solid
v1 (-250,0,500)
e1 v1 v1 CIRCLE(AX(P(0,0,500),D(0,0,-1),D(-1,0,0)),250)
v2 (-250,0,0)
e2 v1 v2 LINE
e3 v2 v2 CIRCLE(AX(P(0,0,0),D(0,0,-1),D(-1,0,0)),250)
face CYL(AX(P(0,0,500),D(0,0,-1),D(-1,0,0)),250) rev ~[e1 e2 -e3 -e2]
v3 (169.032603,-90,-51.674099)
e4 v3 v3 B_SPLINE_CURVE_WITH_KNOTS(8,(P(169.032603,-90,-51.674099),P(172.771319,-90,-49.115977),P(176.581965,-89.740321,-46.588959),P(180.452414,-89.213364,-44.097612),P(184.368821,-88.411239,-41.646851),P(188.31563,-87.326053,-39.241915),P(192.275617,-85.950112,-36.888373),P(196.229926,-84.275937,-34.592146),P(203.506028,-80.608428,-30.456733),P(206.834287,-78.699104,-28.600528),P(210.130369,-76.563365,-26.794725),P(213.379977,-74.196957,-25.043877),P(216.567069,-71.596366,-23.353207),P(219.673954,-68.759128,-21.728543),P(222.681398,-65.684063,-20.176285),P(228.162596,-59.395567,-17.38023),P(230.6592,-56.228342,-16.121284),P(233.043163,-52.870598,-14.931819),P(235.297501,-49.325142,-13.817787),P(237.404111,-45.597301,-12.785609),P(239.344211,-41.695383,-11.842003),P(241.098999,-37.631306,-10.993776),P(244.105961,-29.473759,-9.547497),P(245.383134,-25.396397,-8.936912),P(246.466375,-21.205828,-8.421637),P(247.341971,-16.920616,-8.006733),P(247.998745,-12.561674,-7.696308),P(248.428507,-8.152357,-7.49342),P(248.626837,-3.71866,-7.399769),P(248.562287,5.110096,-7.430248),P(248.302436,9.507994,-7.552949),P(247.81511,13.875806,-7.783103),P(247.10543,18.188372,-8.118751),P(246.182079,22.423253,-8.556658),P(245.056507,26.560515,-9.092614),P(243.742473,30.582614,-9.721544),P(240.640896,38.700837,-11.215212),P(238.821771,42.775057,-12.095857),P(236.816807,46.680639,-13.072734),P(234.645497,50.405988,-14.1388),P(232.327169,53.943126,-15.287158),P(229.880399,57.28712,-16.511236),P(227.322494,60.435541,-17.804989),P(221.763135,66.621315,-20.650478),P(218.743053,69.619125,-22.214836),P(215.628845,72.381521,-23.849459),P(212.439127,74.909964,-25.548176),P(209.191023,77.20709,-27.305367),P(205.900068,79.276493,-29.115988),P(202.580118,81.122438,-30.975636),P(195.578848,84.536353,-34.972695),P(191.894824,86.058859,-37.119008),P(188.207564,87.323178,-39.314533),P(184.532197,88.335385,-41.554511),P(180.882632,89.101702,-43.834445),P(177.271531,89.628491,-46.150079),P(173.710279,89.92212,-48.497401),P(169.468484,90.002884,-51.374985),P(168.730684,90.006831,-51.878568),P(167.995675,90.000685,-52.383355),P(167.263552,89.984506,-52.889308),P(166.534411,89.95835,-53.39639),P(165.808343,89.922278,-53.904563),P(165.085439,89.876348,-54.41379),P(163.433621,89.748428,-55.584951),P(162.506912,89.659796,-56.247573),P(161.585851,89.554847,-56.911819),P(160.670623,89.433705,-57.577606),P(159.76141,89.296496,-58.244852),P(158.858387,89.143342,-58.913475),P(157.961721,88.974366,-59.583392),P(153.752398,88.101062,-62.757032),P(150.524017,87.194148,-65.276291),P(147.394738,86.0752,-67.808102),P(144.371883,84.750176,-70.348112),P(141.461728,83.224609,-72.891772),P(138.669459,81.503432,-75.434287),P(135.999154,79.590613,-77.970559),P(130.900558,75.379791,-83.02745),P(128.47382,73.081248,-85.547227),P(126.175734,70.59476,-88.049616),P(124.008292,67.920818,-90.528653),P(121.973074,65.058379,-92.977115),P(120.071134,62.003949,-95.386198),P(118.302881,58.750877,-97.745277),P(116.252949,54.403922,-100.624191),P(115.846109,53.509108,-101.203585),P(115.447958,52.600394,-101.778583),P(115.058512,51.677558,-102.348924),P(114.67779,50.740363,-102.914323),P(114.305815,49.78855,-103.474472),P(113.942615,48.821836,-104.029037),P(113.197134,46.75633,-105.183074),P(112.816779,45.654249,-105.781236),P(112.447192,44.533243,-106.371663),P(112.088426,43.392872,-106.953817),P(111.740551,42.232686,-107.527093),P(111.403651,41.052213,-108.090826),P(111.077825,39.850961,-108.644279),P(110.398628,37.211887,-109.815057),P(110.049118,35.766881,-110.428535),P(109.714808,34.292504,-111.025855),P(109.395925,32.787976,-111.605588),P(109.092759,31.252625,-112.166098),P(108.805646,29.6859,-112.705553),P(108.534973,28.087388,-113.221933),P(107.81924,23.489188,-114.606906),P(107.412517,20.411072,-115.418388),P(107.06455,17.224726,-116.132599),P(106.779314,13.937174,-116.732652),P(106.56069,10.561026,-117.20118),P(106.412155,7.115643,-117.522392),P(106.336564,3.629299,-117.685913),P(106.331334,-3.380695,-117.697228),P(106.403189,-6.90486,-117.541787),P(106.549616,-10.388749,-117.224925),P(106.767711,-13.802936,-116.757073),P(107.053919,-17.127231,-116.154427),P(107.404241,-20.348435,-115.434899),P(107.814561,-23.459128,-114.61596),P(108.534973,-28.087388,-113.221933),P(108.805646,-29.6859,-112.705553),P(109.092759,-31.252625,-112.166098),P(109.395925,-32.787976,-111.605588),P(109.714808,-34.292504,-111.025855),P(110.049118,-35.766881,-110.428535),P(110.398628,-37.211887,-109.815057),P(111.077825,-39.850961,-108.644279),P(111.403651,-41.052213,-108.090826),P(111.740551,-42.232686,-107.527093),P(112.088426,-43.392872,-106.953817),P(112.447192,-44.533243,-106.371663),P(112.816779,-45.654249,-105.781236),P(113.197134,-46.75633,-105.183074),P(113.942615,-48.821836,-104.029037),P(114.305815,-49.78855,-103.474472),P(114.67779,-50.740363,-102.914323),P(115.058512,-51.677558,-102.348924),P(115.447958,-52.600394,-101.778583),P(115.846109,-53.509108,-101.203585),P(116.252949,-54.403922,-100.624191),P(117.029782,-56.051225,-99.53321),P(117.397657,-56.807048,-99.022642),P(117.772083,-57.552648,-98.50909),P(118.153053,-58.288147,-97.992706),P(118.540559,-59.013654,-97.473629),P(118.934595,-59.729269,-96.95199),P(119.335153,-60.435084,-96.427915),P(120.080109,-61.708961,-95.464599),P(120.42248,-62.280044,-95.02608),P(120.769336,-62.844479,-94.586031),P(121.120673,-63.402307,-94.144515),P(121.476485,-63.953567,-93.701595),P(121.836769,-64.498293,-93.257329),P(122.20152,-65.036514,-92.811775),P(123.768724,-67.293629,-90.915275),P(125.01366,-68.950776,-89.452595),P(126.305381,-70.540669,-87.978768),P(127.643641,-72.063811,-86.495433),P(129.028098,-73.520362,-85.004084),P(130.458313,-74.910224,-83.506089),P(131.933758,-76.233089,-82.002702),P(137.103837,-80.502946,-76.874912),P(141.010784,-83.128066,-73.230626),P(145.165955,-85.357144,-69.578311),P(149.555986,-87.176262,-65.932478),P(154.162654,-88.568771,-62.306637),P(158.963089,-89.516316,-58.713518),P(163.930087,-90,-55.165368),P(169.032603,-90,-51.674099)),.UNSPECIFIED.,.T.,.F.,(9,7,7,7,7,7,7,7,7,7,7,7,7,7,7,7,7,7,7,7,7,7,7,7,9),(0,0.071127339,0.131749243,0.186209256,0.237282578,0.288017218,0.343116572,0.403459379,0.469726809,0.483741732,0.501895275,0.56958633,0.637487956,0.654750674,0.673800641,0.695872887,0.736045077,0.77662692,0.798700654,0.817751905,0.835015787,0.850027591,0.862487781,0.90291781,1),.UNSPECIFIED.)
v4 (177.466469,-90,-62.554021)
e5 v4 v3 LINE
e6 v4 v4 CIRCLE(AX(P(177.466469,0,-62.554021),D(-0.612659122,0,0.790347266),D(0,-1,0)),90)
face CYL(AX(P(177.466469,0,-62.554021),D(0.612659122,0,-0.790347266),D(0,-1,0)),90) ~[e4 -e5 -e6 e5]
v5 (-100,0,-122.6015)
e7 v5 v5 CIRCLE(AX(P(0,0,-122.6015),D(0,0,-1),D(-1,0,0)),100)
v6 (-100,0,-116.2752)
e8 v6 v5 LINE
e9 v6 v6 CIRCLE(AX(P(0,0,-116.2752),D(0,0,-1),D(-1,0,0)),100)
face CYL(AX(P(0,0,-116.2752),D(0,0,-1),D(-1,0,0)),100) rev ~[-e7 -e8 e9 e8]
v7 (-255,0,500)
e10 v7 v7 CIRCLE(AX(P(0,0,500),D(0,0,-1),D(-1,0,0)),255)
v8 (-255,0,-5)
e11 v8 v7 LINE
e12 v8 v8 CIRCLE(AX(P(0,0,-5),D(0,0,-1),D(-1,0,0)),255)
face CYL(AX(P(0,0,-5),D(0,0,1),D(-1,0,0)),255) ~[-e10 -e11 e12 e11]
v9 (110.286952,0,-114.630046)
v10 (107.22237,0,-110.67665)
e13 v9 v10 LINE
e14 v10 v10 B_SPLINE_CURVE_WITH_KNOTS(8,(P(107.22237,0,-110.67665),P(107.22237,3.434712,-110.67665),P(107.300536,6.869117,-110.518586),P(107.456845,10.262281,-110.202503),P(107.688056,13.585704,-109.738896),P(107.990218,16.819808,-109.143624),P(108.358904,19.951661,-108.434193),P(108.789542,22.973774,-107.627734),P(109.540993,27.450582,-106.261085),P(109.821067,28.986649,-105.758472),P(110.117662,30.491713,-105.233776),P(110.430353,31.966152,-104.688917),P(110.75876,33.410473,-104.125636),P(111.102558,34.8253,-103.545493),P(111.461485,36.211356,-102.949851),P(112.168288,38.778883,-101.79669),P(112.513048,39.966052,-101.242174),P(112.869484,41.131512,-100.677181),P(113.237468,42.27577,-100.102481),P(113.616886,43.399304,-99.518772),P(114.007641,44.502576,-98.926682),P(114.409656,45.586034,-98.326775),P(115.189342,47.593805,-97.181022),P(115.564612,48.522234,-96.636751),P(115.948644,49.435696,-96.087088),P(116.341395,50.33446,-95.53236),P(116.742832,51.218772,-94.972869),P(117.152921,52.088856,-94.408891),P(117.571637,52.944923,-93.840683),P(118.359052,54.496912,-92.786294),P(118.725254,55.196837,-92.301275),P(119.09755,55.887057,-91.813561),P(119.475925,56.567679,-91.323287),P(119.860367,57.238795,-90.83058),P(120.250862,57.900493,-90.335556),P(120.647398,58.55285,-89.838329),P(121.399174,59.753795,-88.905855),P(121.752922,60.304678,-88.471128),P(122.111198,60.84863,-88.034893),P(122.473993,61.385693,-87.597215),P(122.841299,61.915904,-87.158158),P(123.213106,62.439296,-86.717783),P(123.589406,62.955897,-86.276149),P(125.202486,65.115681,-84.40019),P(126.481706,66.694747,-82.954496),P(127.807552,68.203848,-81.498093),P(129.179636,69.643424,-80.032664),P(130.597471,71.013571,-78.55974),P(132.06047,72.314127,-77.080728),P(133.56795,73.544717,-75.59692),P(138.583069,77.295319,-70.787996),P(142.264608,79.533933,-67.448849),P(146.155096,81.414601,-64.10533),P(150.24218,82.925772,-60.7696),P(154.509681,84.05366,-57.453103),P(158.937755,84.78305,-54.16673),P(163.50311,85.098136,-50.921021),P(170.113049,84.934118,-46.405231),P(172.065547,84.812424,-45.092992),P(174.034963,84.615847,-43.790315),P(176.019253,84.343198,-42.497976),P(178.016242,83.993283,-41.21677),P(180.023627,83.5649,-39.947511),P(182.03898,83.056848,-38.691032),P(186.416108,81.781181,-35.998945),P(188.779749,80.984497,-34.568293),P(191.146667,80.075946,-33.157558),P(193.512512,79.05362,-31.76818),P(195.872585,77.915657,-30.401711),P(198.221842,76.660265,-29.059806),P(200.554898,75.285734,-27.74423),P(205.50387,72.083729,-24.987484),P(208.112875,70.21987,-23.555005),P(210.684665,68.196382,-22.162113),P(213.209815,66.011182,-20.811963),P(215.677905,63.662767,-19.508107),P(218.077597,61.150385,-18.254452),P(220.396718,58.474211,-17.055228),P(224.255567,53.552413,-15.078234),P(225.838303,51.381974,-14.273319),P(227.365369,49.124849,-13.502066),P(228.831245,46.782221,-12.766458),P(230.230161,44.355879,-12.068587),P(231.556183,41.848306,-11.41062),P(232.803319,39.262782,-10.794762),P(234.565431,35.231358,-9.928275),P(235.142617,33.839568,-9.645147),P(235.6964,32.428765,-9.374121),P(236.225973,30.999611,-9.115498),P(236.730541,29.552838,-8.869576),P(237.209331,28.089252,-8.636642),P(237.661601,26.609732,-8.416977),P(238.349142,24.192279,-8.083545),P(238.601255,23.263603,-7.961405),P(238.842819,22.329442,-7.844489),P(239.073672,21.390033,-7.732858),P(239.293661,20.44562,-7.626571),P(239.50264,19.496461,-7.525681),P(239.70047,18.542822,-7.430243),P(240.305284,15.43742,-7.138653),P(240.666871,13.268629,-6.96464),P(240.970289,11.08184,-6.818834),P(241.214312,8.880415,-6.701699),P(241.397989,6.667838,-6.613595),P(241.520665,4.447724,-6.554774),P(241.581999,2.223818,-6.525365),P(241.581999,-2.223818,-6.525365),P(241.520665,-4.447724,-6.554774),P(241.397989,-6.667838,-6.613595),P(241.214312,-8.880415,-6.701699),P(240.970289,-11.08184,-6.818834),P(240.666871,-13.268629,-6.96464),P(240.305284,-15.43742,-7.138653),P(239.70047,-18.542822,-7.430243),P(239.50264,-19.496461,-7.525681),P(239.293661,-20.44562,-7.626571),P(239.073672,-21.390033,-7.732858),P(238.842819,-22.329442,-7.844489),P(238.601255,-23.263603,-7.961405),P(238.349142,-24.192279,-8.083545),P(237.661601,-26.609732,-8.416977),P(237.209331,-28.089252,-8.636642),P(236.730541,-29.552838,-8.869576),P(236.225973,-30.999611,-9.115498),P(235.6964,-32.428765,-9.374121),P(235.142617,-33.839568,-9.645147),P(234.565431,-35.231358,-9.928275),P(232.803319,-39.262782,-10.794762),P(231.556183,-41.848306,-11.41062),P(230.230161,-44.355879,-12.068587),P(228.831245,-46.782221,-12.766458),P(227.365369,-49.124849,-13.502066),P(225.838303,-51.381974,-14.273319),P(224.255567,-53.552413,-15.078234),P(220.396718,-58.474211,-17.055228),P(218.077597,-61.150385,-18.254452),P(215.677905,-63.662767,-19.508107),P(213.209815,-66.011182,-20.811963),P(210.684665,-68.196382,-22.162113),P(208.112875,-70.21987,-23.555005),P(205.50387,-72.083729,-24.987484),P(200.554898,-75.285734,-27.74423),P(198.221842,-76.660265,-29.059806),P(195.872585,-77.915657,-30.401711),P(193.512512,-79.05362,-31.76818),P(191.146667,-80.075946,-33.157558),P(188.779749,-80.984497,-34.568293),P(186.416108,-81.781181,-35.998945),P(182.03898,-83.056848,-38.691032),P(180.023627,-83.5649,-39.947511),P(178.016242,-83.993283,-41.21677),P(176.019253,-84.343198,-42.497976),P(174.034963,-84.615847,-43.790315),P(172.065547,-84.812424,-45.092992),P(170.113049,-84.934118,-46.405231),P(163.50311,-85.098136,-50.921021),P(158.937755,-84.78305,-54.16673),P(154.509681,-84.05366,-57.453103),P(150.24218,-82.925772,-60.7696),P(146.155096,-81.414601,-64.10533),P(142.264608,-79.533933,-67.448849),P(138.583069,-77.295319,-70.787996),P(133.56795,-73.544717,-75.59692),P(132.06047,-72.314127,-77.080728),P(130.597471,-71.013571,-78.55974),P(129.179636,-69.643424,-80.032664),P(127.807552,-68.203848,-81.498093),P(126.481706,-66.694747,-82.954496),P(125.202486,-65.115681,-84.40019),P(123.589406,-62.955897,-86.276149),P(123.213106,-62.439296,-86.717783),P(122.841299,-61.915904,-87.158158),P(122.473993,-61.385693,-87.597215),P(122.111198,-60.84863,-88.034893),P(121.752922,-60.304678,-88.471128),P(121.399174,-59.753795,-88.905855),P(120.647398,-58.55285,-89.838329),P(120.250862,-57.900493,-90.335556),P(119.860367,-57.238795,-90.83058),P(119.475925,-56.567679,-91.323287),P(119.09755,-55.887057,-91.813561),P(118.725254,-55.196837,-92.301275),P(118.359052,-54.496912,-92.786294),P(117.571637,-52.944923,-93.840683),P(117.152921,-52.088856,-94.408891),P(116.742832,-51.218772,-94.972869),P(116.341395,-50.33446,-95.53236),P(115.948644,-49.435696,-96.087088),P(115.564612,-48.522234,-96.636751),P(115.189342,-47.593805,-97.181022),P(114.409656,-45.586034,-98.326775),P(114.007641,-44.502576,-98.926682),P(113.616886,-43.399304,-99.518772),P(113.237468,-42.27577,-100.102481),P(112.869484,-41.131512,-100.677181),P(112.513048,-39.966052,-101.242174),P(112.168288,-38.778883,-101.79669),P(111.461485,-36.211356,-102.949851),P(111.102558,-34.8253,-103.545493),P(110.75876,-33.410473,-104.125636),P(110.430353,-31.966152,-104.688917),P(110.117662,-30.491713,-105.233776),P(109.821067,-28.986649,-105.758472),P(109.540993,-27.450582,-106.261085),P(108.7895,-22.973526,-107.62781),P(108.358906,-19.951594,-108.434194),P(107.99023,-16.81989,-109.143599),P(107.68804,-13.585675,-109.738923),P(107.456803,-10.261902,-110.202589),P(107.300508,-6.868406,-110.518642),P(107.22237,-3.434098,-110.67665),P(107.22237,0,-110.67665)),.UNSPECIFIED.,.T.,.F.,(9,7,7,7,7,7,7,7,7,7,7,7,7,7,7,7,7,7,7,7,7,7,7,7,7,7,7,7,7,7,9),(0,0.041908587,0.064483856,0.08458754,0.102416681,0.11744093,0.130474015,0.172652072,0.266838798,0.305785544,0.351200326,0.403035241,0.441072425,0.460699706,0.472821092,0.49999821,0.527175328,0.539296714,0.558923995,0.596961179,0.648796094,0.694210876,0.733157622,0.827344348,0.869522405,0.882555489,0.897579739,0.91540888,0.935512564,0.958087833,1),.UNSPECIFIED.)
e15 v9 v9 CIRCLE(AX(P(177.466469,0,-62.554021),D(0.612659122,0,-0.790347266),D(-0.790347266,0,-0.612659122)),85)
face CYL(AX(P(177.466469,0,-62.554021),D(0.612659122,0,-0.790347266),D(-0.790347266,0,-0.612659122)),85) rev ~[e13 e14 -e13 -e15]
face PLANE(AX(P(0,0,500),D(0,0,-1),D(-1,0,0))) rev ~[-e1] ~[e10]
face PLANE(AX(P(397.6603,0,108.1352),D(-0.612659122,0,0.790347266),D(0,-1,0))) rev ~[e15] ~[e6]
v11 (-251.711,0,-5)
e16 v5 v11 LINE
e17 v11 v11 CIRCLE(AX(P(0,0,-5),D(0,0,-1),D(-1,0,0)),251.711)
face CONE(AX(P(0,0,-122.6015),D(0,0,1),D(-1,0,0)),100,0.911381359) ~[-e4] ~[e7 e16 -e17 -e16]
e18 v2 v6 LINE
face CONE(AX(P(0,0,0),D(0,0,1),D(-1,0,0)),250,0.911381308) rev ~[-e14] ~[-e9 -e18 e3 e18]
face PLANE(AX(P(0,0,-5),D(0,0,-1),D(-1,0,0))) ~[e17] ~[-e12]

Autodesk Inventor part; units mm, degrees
ref_plane "YZ Plane" through (0, 0, 0) normal (1, 0, 0) x (0, 1, 0)
ref_plane "XZ Plane" through (0, 0, 0) normal (0, 1, 0) x (-1, 0, 0)
ref_plane "XY Plane" through (0, 0, 0) normal (0, 0, 1) x (1, 0, 0)
sketch "Skizze1" plane through (0, 0, 0) normal (0, 1, 0) x (-1, 0, 0)
  line L0 (0, 82.3152) -> (0, -45.1122)
  line L1 (250, 500) -> (250, 0)
  line L2 (250, 0) -> (250, 0)
  line L3 (250, 0) -> (100, -116.2752)
  line L4 (100, -116.2752) -> (100, -122.6015)
  line L5 (100, -122.6015) -> (251.711, -5)
  line L6 (251.711, -5) -> (255, -5)
  line L7 (255, -5) -> (255, 500)
  line L8 (255, 500) -> (250, 500)
  line L9 (306, 0) -> (-51, 0) projected
  point P0 (0, 0)
  dimension "d0" = 5
  dimension "d1" = 5
  dimension "d2" = 5
  dimension "d3" = 500
  dimension "d4" = 500
  dimension "d5" = 500
  dimension "d6" = 200
revolve "Umdrehung1" add sketch "Skizze1" angle 360 about axis through (0, 0, 82.3152) along (0, 0, -1)
sketch "Skizze3" plane through (0, 0, 0) normal (0, 1, 0) x (-1, 0, 0)
  line L0 (-251.711, -5) -> (-100, -122.6015) projected
  line L1 (-397.6603, 108.1352) -> (-63.9838, -150.52)
  point P0 (0, 0)
ref_plane "Arbeitsebene1" through (397.6603, 0, 108.1352) normal (-0.6127, 0, 0.7904) x (0, -1, 0)
sketch "Skizze4" plane through (397.6603, 0, 108.1352) normal (-0.6127, 0, 0.7904) x (0, -1, 0)
  circle A0 centre (0, -278.6039) radius 90
  ellipse E0 centre (0, -383.6039) end of major axis (251.711, -383.6039) minor radius 198.94 projected
  point P0 (0, -380.5407)
  dimension "d12" = 180
  dimension "d13" = 105
extrude "Extrusion2" add sketch "Skizze4" along normal up to surface contours A0
sketch "Skizze5" plane through (397.6603, 0, 108.1352) normal (0.6127, 0, -0.7904) x (-0.7904, 0, -0.6127)
  circle A0 centre (278.6039, 0) radius 85
  arc A1 (368.6039, 0) -> (188.6039, 0) centre (278.6039, 0) ccw projected
  point P0 (380.5407, 0)
  dimension "d16" = 170
extrude "Extrusion3" cut sketch "Skizze5" against normal up to surface
equation "\"d1\" = d0"
equation "\"d2\" = d0"
properties part number "Tank_1"
